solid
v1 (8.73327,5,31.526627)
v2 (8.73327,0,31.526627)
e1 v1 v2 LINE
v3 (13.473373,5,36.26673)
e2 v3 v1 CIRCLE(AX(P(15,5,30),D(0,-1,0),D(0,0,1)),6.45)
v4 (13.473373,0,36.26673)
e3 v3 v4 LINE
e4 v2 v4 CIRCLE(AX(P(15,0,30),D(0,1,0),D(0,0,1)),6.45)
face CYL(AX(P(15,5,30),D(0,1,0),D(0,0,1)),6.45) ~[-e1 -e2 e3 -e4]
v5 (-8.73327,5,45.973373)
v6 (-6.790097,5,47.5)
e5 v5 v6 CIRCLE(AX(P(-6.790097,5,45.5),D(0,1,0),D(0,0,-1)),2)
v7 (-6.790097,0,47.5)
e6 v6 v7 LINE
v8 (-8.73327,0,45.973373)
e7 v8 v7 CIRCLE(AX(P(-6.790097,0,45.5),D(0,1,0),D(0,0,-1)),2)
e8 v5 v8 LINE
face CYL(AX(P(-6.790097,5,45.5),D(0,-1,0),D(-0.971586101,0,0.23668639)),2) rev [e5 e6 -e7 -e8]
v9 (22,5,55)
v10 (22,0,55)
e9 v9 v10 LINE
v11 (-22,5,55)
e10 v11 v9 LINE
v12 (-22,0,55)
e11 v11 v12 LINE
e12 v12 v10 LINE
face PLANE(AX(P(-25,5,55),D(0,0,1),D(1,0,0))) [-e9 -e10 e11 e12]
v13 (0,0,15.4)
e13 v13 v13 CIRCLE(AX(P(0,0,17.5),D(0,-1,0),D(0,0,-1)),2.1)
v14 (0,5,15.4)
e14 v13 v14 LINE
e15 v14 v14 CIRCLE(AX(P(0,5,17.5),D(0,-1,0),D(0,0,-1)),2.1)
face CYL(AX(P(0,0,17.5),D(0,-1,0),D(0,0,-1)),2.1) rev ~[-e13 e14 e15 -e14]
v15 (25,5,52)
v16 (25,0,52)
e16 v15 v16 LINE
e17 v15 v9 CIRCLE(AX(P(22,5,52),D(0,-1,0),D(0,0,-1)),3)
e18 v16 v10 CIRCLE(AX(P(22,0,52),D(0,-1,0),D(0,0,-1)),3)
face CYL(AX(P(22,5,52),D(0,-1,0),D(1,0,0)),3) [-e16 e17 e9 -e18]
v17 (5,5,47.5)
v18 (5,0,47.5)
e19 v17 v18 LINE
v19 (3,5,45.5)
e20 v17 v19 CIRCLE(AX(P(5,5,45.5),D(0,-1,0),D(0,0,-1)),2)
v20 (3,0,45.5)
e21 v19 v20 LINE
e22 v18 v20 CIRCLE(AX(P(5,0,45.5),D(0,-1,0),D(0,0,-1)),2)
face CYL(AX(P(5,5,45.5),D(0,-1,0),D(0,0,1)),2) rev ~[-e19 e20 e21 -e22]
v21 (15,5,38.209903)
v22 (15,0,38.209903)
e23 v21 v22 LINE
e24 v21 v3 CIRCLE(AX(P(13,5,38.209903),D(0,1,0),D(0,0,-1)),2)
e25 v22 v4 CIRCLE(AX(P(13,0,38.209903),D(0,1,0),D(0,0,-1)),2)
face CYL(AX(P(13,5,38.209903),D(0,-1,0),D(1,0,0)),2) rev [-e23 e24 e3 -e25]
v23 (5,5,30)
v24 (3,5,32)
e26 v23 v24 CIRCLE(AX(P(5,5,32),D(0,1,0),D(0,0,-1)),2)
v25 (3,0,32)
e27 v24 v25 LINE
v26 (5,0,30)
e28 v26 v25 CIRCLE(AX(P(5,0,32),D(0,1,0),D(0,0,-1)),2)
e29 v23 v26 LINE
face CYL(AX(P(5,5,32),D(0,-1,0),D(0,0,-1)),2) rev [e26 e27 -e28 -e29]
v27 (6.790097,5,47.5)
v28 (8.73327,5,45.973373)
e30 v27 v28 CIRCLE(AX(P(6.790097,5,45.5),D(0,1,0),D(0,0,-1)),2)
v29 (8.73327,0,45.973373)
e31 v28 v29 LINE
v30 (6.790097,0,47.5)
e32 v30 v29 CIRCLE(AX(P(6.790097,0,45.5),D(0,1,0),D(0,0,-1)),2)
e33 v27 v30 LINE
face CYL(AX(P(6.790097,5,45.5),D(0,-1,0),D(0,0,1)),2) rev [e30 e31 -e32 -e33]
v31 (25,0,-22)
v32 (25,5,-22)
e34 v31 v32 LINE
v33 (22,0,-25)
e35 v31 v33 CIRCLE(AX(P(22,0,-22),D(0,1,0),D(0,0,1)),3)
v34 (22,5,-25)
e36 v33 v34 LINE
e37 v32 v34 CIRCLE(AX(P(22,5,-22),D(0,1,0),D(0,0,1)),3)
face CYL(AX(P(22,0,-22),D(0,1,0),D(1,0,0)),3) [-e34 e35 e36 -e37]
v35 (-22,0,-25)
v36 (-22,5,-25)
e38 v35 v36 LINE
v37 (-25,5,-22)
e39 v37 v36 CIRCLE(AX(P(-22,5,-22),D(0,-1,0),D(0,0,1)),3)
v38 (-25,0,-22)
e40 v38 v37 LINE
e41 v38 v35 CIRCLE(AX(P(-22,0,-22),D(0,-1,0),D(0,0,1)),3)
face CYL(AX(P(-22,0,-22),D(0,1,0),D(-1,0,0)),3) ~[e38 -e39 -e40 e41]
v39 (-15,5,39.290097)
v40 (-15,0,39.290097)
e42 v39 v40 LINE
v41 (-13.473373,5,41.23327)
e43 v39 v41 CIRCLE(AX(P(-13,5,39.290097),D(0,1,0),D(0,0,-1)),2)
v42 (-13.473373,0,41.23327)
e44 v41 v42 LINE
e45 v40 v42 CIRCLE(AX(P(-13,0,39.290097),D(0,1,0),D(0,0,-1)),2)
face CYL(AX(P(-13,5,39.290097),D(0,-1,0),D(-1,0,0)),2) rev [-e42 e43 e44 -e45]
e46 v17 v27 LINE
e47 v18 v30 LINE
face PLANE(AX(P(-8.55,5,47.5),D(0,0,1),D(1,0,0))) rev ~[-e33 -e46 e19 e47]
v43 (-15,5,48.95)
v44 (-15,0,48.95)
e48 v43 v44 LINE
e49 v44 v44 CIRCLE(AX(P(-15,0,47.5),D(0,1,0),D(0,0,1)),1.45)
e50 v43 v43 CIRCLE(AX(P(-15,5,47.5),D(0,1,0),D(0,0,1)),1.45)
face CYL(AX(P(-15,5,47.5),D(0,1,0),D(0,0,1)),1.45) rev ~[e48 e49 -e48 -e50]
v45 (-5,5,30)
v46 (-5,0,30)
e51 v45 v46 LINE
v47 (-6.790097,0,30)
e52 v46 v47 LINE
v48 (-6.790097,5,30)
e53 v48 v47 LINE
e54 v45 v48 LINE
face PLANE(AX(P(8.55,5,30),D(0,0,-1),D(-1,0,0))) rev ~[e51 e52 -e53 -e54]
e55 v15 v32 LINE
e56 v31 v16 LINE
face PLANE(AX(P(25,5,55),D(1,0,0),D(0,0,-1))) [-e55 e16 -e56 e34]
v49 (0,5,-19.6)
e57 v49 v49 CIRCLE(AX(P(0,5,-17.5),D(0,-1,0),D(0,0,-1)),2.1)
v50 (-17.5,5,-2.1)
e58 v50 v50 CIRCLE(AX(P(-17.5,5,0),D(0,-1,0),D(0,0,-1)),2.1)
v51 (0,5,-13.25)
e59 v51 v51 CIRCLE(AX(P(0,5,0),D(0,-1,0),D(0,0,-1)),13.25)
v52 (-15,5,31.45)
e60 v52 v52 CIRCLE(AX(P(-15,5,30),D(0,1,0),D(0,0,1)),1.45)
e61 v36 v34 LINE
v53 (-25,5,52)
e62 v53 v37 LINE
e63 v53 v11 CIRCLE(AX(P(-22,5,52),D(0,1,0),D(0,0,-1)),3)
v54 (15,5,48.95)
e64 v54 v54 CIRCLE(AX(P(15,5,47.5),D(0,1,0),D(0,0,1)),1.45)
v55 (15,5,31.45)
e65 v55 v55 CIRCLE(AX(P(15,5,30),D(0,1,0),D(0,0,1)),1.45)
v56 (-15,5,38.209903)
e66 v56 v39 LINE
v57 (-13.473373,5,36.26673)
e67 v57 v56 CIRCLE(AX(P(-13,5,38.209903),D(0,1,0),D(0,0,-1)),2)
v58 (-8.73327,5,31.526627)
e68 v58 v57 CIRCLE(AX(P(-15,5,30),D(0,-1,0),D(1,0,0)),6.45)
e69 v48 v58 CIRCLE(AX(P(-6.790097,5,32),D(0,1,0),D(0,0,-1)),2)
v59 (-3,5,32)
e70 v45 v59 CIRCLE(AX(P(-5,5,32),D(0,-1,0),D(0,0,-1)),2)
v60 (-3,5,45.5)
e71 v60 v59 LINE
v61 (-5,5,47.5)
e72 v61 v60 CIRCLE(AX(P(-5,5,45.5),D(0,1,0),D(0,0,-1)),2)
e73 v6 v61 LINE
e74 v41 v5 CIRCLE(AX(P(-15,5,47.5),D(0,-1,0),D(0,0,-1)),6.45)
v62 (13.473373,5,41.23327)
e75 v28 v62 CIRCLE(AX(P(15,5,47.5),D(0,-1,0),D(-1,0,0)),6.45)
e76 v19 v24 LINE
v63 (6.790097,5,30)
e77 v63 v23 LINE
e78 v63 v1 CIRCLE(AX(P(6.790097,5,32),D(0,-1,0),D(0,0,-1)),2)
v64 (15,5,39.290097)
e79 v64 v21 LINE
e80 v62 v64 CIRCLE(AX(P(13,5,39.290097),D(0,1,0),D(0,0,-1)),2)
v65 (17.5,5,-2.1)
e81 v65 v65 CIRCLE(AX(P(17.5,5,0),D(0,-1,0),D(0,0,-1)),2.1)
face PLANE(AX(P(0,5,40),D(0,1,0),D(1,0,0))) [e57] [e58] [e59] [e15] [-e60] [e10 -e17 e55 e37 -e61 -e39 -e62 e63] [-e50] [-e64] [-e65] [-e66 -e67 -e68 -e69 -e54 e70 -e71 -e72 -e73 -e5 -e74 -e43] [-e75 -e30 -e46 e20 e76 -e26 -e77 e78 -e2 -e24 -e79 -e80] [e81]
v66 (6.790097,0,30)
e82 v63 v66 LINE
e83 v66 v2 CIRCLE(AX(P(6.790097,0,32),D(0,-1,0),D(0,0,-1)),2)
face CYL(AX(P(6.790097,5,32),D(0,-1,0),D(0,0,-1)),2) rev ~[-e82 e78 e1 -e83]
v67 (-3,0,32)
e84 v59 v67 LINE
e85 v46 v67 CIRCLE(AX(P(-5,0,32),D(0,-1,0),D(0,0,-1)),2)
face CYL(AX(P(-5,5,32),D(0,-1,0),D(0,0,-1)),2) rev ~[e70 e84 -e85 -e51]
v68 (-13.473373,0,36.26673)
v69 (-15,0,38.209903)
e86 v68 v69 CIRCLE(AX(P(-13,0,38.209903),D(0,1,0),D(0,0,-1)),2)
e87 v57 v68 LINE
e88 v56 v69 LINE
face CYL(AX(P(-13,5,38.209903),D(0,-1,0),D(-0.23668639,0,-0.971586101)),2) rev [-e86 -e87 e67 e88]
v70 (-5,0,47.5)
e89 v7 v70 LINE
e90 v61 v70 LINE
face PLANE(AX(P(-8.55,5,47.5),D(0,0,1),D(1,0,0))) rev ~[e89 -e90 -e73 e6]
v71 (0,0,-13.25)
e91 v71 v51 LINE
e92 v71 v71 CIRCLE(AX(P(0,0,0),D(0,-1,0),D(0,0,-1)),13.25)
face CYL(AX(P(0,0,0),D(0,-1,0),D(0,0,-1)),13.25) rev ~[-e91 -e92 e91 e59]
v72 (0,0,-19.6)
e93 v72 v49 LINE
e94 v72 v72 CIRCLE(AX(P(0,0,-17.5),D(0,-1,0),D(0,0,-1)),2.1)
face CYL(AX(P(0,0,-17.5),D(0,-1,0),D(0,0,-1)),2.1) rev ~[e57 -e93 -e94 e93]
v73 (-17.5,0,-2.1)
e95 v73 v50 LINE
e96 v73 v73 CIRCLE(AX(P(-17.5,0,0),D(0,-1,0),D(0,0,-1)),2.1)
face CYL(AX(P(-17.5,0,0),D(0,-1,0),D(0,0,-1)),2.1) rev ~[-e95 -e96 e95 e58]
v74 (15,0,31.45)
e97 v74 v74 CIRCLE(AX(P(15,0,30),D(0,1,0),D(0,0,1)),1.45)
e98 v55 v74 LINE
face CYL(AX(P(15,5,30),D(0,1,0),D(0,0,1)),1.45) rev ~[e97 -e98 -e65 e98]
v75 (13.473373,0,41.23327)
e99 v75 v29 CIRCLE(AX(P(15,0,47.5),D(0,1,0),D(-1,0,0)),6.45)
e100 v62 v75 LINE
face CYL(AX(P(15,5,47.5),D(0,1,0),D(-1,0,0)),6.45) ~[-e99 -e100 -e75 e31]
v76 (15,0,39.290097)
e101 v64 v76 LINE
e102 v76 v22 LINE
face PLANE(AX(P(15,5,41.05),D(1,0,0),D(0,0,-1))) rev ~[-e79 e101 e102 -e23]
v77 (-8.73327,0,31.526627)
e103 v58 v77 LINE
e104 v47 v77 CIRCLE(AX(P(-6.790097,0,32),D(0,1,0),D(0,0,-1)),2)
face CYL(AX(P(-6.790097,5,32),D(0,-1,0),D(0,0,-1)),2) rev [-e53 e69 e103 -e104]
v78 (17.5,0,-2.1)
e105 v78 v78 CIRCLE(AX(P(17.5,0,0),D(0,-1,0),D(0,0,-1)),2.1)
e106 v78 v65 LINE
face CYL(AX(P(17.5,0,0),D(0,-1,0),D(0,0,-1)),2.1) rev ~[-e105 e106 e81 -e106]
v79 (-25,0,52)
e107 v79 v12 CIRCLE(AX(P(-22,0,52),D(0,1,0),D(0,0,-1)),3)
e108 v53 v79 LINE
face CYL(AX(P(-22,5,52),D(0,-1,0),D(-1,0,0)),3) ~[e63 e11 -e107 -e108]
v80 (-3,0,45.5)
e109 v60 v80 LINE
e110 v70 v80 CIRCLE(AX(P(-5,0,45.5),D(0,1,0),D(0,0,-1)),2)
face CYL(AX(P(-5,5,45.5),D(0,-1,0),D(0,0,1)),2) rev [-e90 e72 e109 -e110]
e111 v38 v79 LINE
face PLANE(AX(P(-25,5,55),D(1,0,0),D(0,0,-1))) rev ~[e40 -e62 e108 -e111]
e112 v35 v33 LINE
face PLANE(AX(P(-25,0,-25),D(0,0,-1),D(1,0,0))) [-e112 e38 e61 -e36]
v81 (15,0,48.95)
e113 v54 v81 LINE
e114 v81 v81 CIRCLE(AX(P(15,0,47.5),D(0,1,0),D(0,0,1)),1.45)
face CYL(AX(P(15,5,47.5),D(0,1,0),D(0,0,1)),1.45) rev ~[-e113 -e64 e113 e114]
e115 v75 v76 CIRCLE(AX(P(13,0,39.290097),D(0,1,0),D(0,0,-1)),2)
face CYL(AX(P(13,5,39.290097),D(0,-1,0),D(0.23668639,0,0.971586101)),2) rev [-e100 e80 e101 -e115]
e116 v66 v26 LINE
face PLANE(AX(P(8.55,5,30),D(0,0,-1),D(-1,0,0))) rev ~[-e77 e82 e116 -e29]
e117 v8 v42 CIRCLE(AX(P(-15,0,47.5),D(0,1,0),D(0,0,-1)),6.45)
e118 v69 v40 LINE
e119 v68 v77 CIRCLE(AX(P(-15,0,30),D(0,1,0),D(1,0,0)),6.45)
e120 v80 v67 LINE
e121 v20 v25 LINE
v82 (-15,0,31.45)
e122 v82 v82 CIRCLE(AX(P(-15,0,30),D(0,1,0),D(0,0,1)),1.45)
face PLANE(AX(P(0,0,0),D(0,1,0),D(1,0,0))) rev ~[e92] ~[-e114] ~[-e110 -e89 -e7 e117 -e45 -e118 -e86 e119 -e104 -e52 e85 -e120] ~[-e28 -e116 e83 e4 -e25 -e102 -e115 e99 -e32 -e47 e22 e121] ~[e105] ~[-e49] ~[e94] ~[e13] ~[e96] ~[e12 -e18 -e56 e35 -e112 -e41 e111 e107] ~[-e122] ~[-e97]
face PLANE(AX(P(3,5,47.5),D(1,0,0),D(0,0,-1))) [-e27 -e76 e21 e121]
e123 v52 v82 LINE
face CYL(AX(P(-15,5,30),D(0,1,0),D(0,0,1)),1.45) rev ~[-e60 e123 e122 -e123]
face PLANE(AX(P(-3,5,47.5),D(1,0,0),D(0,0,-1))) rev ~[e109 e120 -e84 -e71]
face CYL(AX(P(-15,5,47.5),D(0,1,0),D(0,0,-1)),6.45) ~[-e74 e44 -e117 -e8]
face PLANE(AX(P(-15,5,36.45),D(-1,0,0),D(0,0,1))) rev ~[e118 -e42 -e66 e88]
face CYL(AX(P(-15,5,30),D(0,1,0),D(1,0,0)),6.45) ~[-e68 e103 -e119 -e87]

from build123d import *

# Parameters (mm, degrees)
SKETCH_1_W          = 50
SKETCH_1_H          = 50
SKETCH_1_R          = 21.05
EXTRUDE_1_DEPTH     = 5
SKETCH_2_W          = 50
SKETCH_2_H          = 30
SKETCH_2_R          = 1.45
EXTRUDE_2_DEPTH     = 5
FILLET_1_R          = 3
EXTRUDE_START       = -5
SKETCH_4_R          = 21.05
EXTRUDE_3_DEPTH     = 5
SKETCH_5_R          = 13.25
SKETCH_5_R_2        = 2.1
CUT_EXTRUDE_2_DEPTH = 61.621778265
SKETCH_6_R          = 1.45
CUT_EXTRUDE_3_DEPTH = 61.621778265
CUT_EXTRUDE_4_DEPTH = 61.621778265
SKETCH_8_W          = 6
SKETCH_8_H          = 17.5
EXTRUDE_4_DEPTH     = 5
FILLET_2_R          = 2


with BuildPart() as part:
    # 草图1 → 凸台-拉伸1 (new body)
    with BuildSketch(Plane(origin=(0, 0, 0), x_dir=(1, 0, 0), z_dir=(0, 1, 0))):
        Rectangle(SKETCH_1_W, SKETCH_1_H)
        with Locations(Location((0, 0, 0), (0, 0, 270))):
            Circle(SKETCH_1_R, mode=Mode.SUBTRACT)
    extrude(amount=EXTRUDE_1_DEPTH)

    # 草图2 → 凸台-拉伸2 (add)
    with BuildSketch(Plane(origin=(0, 5, 0), x_dir=(1, 0, 0), z_dir=(0, 1, 0))):
        with Locations((0, -40)):
            Rectangle(SKETCH_2_W, SKETCH_2_H)
        with Locations(Location((-15, -47.5, 0), (0, 0, 270))):
            Circle(SKETCH_2_R, mode=Mode.SUBTRACT)
        with Locations(Location((15, -47.5, 0), (0, 0, 270))):
            Circle(SKETCH_2_R, mode=Mode.SUBTRACT)
    extrude(amount=-EXTRUDE_2_DEPTH)

    # 圆角1
    fillet_1_edges = [part.edges().sort_by_distance(p)[0] for p in [
        (25, 2.5, 55),
        (-25, 2.5, 55),
        (-25, 2.5, -25),
        (25, 2.5, -25),
    ]]
    fillet(fillet_1_edges, radius=FILLET_1_R)

    # 草图4 → 凸台-拉伸3 (add)
    with BuildSketch(Plane(origin=(0, 5, 0), x_dir=(1, 0, 0), z_dir=(0, 1, 0)).offset(EXTRUDE_START)):
        Circle(SKETCH_4_R)
    extrude(amount=EXTRUDE_3_DEPTH)

    # 草图5 → 切除-拉伸2 (cut, through all)
    with BuildSketch(Plane.XZ):
        with Locations(Location((0, 0, 0), (0, 0, 270))):
            Circle(SKETCH_5_R)
        with Locations(Location((0, 17.5, 0), (0, 0, 270))):
            Circle(SKETCH_5_R_2)
        with Locations(Location((17.5, 0, 0), (0, 0, 270))):
            Circle(SKETCH_5_R_2)
        with Locations(Location((0, -17.5, 0), (0, 0, 270))):
            Circle(SKETCH_5_R_2)
        with Locations(Location((-17.5, 0, 0), (0, 0, 270))):
            Circle(SKETCH_5_R_2)
    extrude(amount=-CUT_EXTRUDE_2_DEPTH, mode=Mode.SUBTRACT)

    # 草图6 → 切除-拉伸3 (cut, through all)
    with BuildSketch(Plane(origin=(0, 5, 0), x_dir=(1, 0, 0), z_dir=(0, 1, 0))):
        with Locations(Location((-15, -30, 0), (0, 0, 270))):
            Circle(SKETCH_6_R)
        with Locations(Location((15, -30, 0), (0, 0, 270))):
            Circle(SKETCH_6_R)
    extrude(amount=-CUT_EXTRUDE_3_DEPTH, mode=Mode.SUBTRACT)

    # 草图7 → 切除-拉伸4 (cut, through all)
    with BuildSketch(Plane(origin=(0, 5, 0), x_dir=(1, 0, 0), z_dir=(0, 1, 0))):
        with BuildLine():
            Line((8.55, -30), (-8.55, -30))
            ThreePointArc((-8.55, -30), (-10.439161261, -34.560838739), (-15, -36.45))
            Line((-15, -36.45), (-15, -41.05))
            ThreePointArc((-15, -41.05), (-10.439161261, -42.939161261), (-8.55, -47.5))
            Line((-8.55, -47.5), (8.55, -47.5))
            ThreePointArc((8.55, -47.5), (10.439161261, -42.939161261), (15, -41.05))
            Line((15, -41.05), (15, -36.45))
            ThreePointArc((15, -36.45), (10.439161261, -34.560838739), (8.55, -30))
        make_face()
    extrude(amount=-CUT_EXTRUDE_4_DEPTH, mode=Mode.SUBTRACT)

    # 草图8 → 凸台-拉伸4 (add)
    with BuildSketch(Plane(origin=(0, 5, 0), x_dir=(1, 0, 0), z_dir=(0, 1, 0))):
        with Locations((0, -38.75)):
            Rectangle(SKETCH_8_W, SKETCH_8_H)
    extrude(amount=-EXTRUDE_4_DEPTH)

    # 圆角2
    fillet_2_edges = [part.edges().sort_by_distance(p)[0] for p in [
        (-8.55, 2.5, 47.5),
        (-15, 2.5, 41.05),
        (-15, 2.5, 36.45),
        (-8.55, 2.5, 30),
        (8.55, 2.5, 30),
        (15, 2.5, 36.45),
        (15, 2.5, 41.05),
        (8.55, 2.5, 47.5),
        (-3, 2.5, 30),
        (3, 2.5, 30),
        (3, 2.5, 47.5),
        (-3, 2.5, 47.5),
    ]]
    fillet(fillet_2_edges, radius=FILLET_2_R)


solid = part.part
